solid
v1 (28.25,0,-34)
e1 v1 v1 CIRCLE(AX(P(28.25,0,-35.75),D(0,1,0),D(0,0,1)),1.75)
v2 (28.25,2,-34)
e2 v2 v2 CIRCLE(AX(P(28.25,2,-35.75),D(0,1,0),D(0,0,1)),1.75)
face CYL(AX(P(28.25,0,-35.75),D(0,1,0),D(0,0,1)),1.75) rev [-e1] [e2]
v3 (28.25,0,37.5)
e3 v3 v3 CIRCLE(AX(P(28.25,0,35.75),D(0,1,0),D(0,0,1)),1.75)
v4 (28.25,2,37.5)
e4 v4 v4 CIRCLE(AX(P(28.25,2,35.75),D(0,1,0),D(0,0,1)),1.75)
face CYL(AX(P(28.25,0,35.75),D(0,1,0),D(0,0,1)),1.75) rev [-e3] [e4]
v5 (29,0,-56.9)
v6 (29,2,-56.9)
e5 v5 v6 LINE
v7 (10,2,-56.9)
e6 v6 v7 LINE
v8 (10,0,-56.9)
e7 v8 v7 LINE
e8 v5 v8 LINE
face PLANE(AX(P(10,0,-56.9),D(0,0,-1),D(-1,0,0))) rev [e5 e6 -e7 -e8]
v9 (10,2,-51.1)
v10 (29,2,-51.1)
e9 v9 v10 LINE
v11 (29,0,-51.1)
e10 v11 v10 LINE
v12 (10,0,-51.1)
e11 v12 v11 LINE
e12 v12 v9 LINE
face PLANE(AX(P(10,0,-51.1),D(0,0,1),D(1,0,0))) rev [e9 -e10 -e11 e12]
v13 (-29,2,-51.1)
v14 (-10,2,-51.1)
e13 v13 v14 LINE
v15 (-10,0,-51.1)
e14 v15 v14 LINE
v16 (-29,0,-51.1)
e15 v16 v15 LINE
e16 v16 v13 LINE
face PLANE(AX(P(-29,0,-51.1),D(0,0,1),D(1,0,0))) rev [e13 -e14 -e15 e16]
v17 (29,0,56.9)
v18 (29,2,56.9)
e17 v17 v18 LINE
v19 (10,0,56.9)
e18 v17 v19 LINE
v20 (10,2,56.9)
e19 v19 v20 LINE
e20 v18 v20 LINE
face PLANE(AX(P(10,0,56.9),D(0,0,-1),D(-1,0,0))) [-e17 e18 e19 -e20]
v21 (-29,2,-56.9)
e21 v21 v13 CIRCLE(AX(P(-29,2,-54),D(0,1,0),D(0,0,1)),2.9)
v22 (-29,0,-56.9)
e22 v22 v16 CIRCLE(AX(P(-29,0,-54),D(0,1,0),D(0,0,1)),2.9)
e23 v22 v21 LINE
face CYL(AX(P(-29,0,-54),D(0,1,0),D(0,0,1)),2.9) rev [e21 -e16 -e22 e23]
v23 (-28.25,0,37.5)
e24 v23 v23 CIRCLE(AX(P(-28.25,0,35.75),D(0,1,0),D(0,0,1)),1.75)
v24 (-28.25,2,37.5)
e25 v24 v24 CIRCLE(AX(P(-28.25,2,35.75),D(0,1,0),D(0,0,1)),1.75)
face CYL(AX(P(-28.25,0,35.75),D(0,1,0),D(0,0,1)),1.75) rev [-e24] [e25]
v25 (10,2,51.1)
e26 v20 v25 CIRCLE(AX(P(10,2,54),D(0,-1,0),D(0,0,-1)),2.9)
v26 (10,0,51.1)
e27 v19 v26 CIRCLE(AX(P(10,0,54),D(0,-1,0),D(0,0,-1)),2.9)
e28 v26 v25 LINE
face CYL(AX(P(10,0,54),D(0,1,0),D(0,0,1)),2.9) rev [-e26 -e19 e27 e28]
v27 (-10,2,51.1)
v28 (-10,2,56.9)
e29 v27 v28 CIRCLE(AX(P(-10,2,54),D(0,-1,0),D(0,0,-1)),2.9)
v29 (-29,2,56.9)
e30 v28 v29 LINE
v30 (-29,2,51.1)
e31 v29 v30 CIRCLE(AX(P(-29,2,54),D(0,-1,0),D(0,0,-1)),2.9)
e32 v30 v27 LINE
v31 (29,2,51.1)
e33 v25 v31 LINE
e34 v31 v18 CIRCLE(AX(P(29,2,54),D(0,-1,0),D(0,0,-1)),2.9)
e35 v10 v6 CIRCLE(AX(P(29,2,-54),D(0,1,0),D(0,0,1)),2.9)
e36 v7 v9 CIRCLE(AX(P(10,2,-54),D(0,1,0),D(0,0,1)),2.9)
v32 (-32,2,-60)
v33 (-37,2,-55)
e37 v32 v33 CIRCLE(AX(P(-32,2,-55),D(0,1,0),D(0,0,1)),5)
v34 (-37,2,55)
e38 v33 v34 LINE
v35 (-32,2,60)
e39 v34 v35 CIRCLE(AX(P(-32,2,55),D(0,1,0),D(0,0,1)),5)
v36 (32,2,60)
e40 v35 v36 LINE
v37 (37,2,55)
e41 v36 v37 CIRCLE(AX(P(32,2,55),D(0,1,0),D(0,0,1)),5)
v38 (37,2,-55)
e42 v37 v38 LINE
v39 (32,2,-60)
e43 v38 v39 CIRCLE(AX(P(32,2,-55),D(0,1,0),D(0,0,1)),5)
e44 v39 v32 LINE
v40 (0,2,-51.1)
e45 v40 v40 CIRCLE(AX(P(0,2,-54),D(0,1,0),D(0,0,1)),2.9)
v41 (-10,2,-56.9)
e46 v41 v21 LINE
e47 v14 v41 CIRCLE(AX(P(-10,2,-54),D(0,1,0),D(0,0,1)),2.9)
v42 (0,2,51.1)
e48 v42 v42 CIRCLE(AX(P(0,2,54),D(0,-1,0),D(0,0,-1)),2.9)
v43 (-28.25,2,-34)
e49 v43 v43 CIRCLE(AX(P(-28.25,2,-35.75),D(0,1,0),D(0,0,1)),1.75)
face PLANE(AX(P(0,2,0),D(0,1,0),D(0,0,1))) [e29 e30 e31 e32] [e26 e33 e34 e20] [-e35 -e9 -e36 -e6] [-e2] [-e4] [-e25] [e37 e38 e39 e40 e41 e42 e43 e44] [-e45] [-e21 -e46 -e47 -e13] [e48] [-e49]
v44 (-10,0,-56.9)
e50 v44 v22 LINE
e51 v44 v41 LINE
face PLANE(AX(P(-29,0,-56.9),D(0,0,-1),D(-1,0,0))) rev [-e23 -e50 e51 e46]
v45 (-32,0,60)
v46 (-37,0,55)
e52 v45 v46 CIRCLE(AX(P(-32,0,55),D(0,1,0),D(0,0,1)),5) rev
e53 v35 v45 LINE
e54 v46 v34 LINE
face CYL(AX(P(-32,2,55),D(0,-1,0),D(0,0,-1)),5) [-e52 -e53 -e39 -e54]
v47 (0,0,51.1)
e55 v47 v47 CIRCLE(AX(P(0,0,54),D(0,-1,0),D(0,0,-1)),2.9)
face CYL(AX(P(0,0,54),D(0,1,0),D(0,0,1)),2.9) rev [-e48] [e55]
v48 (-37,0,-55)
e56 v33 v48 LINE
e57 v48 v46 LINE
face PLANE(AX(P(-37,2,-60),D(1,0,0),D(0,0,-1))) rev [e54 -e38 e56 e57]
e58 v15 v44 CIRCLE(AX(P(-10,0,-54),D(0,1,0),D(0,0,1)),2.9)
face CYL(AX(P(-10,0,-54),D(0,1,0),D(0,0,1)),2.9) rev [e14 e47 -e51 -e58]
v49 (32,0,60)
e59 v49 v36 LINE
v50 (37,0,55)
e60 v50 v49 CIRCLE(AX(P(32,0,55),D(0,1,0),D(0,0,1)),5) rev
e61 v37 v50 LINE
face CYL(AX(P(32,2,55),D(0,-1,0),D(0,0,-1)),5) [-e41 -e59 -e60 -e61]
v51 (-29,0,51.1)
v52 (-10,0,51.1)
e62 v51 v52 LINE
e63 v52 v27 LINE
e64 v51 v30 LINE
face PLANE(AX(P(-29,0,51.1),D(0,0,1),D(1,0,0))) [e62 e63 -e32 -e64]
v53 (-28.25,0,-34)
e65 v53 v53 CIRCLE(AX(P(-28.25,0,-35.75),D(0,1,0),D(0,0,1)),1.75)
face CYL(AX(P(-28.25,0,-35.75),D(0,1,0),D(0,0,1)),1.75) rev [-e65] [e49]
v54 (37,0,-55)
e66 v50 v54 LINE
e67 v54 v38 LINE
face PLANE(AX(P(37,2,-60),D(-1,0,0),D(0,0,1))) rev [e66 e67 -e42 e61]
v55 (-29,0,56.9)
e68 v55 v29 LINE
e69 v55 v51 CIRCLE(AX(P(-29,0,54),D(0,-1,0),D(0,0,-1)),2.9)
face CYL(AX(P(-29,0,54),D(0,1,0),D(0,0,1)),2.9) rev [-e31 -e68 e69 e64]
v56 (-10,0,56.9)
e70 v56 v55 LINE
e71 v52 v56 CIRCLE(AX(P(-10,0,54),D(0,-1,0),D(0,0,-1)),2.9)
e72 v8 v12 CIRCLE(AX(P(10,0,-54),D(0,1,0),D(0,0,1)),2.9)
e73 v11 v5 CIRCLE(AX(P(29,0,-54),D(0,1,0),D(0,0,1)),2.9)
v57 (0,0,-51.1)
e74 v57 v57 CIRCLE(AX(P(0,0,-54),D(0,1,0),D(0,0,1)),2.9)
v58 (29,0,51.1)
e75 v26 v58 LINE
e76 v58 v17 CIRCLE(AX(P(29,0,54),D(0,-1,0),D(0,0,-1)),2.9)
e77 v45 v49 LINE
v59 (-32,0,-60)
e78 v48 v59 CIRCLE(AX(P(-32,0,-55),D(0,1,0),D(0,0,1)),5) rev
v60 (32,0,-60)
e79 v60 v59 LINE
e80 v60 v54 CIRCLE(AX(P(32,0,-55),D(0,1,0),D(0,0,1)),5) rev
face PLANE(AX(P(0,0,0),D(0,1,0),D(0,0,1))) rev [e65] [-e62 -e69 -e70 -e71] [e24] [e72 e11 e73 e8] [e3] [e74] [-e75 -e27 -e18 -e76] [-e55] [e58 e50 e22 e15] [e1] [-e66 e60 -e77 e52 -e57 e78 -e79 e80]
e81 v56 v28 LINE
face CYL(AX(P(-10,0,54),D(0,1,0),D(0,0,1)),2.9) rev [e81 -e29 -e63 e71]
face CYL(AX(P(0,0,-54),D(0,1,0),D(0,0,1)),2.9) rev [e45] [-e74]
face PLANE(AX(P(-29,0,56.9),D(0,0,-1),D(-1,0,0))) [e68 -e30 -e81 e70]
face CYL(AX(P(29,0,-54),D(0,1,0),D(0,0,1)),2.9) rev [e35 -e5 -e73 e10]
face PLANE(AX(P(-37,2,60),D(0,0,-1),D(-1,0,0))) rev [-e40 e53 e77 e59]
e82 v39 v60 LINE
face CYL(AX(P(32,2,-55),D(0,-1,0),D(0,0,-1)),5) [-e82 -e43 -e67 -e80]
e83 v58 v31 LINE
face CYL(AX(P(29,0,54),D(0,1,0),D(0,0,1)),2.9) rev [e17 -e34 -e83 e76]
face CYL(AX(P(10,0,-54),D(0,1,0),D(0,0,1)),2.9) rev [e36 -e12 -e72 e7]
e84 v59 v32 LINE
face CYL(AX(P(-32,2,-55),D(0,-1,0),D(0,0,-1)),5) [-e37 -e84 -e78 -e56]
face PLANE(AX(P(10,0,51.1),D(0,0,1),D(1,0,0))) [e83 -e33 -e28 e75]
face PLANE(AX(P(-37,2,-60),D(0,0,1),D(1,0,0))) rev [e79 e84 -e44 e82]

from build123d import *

# Parameters (mm, degrees)
SKETCH1_W           = 74
SKETCH1_H           = 120
BOSS_EXTRUDE1_DEPTH = 2
SKETCH3_R           = 2.9
CUT_EXTRUDE1_DEPTH  = 71.519500849
FILLET1_R           = 5
SKETCH5_R           = 1.75
CUT_EXTRUDE2_DEPTH  = 71.519500849


with BuildPart() as part:
    # Sketch1 → Boss-Extrude1 (new body)
    with BuildSketch(Plane(origin=(0, 0, 0), x_dir=(1, 0, 0), z_dir=(0, 1, 0))):
        Rectangle(SKETCH1_W, SKETCH1_H)
    extrude(amount=BOSS_EXTRUDE1_DEPTH)

    # Sketch3 → Cut-Extrude1 (cut, through all)
    with BuildSketch(Plane(origin=(0, 2, 0), x_dir=(1, 0, 0), z_dir=(0, 1, 0))):
        with Locations(Location((0, 54, 0), (0, 0, 270))):
            Circle(SKETCH3_R)
        with BuildLine():
            Line((-29, 56.9), (-10, 56.9))
            ThreePointArc((-10, 56.9), (-7.1, 54), (-10, 51.1))
            Line((-10, 51.1), (-29, 51.1))
            ThreePointArc((-29, 51.1), (-31.9, 54), (-29, 56.9))
        make_face()
        with BuildLine():
            Line((10, 56.9), (29, 56.9))
            ThreePointArc((29, 56.9), (31.9, 54), (29, 51.1))
            Line((29, 51.1), (10, 51.1))
            ThreePointArc((10, 51.1), (7.1, 54), (10, 56.9))
        make_face()
    cut_extrude1 = extrude(amount=-CUT_EXTRUDE1_DEPTH, mode=Mode.SUBTRACT)

    # Mirror1: Cut-Extrude1 across plane
    add(cut_extrude1.mirror(Plane.XY), mode=Mode.SUBTRACT)

    # Fillet1
    fillet1_edges = [part.edges().sort_by_distance(p)[0] for p in [
        (37, 1, 60),
        (-37, 1, 60),
        (-37, 1, -60),
        (37, 1, -60),
    ]]
    fillet(fillet1_edges, radius=FILLET1_R)

    # Sketch5 → Cut-Extrude2 (cut, through all)
    with BuildSketch(Plane(origin=(0, 2, 0), x_dir=(1, 0, 0), z_dir=(0, 1, 0))):
        with Locations(Location((-28.25, 35.75, 0), (0, 0, 270))):
            Circle(SKETCH5_R)
        with Locations(Location((28.25, 35.75, 0), (0, 0, 270))):
            Circle(SKETCH5_R)
        with Locations(Location((-28.25, -35.75, 0), (0, 0, 270))):
            Circle(SKETCH5_R)
        with Locations(Location((28.25, -35.75, 0), (0, 0, 270))):
            Circle(SKETCH5_R)
    extrude(amount=-CUT_EXTRUDE2_DEPTH, mode=Mode.SUBTRACT)


solid = part.part
